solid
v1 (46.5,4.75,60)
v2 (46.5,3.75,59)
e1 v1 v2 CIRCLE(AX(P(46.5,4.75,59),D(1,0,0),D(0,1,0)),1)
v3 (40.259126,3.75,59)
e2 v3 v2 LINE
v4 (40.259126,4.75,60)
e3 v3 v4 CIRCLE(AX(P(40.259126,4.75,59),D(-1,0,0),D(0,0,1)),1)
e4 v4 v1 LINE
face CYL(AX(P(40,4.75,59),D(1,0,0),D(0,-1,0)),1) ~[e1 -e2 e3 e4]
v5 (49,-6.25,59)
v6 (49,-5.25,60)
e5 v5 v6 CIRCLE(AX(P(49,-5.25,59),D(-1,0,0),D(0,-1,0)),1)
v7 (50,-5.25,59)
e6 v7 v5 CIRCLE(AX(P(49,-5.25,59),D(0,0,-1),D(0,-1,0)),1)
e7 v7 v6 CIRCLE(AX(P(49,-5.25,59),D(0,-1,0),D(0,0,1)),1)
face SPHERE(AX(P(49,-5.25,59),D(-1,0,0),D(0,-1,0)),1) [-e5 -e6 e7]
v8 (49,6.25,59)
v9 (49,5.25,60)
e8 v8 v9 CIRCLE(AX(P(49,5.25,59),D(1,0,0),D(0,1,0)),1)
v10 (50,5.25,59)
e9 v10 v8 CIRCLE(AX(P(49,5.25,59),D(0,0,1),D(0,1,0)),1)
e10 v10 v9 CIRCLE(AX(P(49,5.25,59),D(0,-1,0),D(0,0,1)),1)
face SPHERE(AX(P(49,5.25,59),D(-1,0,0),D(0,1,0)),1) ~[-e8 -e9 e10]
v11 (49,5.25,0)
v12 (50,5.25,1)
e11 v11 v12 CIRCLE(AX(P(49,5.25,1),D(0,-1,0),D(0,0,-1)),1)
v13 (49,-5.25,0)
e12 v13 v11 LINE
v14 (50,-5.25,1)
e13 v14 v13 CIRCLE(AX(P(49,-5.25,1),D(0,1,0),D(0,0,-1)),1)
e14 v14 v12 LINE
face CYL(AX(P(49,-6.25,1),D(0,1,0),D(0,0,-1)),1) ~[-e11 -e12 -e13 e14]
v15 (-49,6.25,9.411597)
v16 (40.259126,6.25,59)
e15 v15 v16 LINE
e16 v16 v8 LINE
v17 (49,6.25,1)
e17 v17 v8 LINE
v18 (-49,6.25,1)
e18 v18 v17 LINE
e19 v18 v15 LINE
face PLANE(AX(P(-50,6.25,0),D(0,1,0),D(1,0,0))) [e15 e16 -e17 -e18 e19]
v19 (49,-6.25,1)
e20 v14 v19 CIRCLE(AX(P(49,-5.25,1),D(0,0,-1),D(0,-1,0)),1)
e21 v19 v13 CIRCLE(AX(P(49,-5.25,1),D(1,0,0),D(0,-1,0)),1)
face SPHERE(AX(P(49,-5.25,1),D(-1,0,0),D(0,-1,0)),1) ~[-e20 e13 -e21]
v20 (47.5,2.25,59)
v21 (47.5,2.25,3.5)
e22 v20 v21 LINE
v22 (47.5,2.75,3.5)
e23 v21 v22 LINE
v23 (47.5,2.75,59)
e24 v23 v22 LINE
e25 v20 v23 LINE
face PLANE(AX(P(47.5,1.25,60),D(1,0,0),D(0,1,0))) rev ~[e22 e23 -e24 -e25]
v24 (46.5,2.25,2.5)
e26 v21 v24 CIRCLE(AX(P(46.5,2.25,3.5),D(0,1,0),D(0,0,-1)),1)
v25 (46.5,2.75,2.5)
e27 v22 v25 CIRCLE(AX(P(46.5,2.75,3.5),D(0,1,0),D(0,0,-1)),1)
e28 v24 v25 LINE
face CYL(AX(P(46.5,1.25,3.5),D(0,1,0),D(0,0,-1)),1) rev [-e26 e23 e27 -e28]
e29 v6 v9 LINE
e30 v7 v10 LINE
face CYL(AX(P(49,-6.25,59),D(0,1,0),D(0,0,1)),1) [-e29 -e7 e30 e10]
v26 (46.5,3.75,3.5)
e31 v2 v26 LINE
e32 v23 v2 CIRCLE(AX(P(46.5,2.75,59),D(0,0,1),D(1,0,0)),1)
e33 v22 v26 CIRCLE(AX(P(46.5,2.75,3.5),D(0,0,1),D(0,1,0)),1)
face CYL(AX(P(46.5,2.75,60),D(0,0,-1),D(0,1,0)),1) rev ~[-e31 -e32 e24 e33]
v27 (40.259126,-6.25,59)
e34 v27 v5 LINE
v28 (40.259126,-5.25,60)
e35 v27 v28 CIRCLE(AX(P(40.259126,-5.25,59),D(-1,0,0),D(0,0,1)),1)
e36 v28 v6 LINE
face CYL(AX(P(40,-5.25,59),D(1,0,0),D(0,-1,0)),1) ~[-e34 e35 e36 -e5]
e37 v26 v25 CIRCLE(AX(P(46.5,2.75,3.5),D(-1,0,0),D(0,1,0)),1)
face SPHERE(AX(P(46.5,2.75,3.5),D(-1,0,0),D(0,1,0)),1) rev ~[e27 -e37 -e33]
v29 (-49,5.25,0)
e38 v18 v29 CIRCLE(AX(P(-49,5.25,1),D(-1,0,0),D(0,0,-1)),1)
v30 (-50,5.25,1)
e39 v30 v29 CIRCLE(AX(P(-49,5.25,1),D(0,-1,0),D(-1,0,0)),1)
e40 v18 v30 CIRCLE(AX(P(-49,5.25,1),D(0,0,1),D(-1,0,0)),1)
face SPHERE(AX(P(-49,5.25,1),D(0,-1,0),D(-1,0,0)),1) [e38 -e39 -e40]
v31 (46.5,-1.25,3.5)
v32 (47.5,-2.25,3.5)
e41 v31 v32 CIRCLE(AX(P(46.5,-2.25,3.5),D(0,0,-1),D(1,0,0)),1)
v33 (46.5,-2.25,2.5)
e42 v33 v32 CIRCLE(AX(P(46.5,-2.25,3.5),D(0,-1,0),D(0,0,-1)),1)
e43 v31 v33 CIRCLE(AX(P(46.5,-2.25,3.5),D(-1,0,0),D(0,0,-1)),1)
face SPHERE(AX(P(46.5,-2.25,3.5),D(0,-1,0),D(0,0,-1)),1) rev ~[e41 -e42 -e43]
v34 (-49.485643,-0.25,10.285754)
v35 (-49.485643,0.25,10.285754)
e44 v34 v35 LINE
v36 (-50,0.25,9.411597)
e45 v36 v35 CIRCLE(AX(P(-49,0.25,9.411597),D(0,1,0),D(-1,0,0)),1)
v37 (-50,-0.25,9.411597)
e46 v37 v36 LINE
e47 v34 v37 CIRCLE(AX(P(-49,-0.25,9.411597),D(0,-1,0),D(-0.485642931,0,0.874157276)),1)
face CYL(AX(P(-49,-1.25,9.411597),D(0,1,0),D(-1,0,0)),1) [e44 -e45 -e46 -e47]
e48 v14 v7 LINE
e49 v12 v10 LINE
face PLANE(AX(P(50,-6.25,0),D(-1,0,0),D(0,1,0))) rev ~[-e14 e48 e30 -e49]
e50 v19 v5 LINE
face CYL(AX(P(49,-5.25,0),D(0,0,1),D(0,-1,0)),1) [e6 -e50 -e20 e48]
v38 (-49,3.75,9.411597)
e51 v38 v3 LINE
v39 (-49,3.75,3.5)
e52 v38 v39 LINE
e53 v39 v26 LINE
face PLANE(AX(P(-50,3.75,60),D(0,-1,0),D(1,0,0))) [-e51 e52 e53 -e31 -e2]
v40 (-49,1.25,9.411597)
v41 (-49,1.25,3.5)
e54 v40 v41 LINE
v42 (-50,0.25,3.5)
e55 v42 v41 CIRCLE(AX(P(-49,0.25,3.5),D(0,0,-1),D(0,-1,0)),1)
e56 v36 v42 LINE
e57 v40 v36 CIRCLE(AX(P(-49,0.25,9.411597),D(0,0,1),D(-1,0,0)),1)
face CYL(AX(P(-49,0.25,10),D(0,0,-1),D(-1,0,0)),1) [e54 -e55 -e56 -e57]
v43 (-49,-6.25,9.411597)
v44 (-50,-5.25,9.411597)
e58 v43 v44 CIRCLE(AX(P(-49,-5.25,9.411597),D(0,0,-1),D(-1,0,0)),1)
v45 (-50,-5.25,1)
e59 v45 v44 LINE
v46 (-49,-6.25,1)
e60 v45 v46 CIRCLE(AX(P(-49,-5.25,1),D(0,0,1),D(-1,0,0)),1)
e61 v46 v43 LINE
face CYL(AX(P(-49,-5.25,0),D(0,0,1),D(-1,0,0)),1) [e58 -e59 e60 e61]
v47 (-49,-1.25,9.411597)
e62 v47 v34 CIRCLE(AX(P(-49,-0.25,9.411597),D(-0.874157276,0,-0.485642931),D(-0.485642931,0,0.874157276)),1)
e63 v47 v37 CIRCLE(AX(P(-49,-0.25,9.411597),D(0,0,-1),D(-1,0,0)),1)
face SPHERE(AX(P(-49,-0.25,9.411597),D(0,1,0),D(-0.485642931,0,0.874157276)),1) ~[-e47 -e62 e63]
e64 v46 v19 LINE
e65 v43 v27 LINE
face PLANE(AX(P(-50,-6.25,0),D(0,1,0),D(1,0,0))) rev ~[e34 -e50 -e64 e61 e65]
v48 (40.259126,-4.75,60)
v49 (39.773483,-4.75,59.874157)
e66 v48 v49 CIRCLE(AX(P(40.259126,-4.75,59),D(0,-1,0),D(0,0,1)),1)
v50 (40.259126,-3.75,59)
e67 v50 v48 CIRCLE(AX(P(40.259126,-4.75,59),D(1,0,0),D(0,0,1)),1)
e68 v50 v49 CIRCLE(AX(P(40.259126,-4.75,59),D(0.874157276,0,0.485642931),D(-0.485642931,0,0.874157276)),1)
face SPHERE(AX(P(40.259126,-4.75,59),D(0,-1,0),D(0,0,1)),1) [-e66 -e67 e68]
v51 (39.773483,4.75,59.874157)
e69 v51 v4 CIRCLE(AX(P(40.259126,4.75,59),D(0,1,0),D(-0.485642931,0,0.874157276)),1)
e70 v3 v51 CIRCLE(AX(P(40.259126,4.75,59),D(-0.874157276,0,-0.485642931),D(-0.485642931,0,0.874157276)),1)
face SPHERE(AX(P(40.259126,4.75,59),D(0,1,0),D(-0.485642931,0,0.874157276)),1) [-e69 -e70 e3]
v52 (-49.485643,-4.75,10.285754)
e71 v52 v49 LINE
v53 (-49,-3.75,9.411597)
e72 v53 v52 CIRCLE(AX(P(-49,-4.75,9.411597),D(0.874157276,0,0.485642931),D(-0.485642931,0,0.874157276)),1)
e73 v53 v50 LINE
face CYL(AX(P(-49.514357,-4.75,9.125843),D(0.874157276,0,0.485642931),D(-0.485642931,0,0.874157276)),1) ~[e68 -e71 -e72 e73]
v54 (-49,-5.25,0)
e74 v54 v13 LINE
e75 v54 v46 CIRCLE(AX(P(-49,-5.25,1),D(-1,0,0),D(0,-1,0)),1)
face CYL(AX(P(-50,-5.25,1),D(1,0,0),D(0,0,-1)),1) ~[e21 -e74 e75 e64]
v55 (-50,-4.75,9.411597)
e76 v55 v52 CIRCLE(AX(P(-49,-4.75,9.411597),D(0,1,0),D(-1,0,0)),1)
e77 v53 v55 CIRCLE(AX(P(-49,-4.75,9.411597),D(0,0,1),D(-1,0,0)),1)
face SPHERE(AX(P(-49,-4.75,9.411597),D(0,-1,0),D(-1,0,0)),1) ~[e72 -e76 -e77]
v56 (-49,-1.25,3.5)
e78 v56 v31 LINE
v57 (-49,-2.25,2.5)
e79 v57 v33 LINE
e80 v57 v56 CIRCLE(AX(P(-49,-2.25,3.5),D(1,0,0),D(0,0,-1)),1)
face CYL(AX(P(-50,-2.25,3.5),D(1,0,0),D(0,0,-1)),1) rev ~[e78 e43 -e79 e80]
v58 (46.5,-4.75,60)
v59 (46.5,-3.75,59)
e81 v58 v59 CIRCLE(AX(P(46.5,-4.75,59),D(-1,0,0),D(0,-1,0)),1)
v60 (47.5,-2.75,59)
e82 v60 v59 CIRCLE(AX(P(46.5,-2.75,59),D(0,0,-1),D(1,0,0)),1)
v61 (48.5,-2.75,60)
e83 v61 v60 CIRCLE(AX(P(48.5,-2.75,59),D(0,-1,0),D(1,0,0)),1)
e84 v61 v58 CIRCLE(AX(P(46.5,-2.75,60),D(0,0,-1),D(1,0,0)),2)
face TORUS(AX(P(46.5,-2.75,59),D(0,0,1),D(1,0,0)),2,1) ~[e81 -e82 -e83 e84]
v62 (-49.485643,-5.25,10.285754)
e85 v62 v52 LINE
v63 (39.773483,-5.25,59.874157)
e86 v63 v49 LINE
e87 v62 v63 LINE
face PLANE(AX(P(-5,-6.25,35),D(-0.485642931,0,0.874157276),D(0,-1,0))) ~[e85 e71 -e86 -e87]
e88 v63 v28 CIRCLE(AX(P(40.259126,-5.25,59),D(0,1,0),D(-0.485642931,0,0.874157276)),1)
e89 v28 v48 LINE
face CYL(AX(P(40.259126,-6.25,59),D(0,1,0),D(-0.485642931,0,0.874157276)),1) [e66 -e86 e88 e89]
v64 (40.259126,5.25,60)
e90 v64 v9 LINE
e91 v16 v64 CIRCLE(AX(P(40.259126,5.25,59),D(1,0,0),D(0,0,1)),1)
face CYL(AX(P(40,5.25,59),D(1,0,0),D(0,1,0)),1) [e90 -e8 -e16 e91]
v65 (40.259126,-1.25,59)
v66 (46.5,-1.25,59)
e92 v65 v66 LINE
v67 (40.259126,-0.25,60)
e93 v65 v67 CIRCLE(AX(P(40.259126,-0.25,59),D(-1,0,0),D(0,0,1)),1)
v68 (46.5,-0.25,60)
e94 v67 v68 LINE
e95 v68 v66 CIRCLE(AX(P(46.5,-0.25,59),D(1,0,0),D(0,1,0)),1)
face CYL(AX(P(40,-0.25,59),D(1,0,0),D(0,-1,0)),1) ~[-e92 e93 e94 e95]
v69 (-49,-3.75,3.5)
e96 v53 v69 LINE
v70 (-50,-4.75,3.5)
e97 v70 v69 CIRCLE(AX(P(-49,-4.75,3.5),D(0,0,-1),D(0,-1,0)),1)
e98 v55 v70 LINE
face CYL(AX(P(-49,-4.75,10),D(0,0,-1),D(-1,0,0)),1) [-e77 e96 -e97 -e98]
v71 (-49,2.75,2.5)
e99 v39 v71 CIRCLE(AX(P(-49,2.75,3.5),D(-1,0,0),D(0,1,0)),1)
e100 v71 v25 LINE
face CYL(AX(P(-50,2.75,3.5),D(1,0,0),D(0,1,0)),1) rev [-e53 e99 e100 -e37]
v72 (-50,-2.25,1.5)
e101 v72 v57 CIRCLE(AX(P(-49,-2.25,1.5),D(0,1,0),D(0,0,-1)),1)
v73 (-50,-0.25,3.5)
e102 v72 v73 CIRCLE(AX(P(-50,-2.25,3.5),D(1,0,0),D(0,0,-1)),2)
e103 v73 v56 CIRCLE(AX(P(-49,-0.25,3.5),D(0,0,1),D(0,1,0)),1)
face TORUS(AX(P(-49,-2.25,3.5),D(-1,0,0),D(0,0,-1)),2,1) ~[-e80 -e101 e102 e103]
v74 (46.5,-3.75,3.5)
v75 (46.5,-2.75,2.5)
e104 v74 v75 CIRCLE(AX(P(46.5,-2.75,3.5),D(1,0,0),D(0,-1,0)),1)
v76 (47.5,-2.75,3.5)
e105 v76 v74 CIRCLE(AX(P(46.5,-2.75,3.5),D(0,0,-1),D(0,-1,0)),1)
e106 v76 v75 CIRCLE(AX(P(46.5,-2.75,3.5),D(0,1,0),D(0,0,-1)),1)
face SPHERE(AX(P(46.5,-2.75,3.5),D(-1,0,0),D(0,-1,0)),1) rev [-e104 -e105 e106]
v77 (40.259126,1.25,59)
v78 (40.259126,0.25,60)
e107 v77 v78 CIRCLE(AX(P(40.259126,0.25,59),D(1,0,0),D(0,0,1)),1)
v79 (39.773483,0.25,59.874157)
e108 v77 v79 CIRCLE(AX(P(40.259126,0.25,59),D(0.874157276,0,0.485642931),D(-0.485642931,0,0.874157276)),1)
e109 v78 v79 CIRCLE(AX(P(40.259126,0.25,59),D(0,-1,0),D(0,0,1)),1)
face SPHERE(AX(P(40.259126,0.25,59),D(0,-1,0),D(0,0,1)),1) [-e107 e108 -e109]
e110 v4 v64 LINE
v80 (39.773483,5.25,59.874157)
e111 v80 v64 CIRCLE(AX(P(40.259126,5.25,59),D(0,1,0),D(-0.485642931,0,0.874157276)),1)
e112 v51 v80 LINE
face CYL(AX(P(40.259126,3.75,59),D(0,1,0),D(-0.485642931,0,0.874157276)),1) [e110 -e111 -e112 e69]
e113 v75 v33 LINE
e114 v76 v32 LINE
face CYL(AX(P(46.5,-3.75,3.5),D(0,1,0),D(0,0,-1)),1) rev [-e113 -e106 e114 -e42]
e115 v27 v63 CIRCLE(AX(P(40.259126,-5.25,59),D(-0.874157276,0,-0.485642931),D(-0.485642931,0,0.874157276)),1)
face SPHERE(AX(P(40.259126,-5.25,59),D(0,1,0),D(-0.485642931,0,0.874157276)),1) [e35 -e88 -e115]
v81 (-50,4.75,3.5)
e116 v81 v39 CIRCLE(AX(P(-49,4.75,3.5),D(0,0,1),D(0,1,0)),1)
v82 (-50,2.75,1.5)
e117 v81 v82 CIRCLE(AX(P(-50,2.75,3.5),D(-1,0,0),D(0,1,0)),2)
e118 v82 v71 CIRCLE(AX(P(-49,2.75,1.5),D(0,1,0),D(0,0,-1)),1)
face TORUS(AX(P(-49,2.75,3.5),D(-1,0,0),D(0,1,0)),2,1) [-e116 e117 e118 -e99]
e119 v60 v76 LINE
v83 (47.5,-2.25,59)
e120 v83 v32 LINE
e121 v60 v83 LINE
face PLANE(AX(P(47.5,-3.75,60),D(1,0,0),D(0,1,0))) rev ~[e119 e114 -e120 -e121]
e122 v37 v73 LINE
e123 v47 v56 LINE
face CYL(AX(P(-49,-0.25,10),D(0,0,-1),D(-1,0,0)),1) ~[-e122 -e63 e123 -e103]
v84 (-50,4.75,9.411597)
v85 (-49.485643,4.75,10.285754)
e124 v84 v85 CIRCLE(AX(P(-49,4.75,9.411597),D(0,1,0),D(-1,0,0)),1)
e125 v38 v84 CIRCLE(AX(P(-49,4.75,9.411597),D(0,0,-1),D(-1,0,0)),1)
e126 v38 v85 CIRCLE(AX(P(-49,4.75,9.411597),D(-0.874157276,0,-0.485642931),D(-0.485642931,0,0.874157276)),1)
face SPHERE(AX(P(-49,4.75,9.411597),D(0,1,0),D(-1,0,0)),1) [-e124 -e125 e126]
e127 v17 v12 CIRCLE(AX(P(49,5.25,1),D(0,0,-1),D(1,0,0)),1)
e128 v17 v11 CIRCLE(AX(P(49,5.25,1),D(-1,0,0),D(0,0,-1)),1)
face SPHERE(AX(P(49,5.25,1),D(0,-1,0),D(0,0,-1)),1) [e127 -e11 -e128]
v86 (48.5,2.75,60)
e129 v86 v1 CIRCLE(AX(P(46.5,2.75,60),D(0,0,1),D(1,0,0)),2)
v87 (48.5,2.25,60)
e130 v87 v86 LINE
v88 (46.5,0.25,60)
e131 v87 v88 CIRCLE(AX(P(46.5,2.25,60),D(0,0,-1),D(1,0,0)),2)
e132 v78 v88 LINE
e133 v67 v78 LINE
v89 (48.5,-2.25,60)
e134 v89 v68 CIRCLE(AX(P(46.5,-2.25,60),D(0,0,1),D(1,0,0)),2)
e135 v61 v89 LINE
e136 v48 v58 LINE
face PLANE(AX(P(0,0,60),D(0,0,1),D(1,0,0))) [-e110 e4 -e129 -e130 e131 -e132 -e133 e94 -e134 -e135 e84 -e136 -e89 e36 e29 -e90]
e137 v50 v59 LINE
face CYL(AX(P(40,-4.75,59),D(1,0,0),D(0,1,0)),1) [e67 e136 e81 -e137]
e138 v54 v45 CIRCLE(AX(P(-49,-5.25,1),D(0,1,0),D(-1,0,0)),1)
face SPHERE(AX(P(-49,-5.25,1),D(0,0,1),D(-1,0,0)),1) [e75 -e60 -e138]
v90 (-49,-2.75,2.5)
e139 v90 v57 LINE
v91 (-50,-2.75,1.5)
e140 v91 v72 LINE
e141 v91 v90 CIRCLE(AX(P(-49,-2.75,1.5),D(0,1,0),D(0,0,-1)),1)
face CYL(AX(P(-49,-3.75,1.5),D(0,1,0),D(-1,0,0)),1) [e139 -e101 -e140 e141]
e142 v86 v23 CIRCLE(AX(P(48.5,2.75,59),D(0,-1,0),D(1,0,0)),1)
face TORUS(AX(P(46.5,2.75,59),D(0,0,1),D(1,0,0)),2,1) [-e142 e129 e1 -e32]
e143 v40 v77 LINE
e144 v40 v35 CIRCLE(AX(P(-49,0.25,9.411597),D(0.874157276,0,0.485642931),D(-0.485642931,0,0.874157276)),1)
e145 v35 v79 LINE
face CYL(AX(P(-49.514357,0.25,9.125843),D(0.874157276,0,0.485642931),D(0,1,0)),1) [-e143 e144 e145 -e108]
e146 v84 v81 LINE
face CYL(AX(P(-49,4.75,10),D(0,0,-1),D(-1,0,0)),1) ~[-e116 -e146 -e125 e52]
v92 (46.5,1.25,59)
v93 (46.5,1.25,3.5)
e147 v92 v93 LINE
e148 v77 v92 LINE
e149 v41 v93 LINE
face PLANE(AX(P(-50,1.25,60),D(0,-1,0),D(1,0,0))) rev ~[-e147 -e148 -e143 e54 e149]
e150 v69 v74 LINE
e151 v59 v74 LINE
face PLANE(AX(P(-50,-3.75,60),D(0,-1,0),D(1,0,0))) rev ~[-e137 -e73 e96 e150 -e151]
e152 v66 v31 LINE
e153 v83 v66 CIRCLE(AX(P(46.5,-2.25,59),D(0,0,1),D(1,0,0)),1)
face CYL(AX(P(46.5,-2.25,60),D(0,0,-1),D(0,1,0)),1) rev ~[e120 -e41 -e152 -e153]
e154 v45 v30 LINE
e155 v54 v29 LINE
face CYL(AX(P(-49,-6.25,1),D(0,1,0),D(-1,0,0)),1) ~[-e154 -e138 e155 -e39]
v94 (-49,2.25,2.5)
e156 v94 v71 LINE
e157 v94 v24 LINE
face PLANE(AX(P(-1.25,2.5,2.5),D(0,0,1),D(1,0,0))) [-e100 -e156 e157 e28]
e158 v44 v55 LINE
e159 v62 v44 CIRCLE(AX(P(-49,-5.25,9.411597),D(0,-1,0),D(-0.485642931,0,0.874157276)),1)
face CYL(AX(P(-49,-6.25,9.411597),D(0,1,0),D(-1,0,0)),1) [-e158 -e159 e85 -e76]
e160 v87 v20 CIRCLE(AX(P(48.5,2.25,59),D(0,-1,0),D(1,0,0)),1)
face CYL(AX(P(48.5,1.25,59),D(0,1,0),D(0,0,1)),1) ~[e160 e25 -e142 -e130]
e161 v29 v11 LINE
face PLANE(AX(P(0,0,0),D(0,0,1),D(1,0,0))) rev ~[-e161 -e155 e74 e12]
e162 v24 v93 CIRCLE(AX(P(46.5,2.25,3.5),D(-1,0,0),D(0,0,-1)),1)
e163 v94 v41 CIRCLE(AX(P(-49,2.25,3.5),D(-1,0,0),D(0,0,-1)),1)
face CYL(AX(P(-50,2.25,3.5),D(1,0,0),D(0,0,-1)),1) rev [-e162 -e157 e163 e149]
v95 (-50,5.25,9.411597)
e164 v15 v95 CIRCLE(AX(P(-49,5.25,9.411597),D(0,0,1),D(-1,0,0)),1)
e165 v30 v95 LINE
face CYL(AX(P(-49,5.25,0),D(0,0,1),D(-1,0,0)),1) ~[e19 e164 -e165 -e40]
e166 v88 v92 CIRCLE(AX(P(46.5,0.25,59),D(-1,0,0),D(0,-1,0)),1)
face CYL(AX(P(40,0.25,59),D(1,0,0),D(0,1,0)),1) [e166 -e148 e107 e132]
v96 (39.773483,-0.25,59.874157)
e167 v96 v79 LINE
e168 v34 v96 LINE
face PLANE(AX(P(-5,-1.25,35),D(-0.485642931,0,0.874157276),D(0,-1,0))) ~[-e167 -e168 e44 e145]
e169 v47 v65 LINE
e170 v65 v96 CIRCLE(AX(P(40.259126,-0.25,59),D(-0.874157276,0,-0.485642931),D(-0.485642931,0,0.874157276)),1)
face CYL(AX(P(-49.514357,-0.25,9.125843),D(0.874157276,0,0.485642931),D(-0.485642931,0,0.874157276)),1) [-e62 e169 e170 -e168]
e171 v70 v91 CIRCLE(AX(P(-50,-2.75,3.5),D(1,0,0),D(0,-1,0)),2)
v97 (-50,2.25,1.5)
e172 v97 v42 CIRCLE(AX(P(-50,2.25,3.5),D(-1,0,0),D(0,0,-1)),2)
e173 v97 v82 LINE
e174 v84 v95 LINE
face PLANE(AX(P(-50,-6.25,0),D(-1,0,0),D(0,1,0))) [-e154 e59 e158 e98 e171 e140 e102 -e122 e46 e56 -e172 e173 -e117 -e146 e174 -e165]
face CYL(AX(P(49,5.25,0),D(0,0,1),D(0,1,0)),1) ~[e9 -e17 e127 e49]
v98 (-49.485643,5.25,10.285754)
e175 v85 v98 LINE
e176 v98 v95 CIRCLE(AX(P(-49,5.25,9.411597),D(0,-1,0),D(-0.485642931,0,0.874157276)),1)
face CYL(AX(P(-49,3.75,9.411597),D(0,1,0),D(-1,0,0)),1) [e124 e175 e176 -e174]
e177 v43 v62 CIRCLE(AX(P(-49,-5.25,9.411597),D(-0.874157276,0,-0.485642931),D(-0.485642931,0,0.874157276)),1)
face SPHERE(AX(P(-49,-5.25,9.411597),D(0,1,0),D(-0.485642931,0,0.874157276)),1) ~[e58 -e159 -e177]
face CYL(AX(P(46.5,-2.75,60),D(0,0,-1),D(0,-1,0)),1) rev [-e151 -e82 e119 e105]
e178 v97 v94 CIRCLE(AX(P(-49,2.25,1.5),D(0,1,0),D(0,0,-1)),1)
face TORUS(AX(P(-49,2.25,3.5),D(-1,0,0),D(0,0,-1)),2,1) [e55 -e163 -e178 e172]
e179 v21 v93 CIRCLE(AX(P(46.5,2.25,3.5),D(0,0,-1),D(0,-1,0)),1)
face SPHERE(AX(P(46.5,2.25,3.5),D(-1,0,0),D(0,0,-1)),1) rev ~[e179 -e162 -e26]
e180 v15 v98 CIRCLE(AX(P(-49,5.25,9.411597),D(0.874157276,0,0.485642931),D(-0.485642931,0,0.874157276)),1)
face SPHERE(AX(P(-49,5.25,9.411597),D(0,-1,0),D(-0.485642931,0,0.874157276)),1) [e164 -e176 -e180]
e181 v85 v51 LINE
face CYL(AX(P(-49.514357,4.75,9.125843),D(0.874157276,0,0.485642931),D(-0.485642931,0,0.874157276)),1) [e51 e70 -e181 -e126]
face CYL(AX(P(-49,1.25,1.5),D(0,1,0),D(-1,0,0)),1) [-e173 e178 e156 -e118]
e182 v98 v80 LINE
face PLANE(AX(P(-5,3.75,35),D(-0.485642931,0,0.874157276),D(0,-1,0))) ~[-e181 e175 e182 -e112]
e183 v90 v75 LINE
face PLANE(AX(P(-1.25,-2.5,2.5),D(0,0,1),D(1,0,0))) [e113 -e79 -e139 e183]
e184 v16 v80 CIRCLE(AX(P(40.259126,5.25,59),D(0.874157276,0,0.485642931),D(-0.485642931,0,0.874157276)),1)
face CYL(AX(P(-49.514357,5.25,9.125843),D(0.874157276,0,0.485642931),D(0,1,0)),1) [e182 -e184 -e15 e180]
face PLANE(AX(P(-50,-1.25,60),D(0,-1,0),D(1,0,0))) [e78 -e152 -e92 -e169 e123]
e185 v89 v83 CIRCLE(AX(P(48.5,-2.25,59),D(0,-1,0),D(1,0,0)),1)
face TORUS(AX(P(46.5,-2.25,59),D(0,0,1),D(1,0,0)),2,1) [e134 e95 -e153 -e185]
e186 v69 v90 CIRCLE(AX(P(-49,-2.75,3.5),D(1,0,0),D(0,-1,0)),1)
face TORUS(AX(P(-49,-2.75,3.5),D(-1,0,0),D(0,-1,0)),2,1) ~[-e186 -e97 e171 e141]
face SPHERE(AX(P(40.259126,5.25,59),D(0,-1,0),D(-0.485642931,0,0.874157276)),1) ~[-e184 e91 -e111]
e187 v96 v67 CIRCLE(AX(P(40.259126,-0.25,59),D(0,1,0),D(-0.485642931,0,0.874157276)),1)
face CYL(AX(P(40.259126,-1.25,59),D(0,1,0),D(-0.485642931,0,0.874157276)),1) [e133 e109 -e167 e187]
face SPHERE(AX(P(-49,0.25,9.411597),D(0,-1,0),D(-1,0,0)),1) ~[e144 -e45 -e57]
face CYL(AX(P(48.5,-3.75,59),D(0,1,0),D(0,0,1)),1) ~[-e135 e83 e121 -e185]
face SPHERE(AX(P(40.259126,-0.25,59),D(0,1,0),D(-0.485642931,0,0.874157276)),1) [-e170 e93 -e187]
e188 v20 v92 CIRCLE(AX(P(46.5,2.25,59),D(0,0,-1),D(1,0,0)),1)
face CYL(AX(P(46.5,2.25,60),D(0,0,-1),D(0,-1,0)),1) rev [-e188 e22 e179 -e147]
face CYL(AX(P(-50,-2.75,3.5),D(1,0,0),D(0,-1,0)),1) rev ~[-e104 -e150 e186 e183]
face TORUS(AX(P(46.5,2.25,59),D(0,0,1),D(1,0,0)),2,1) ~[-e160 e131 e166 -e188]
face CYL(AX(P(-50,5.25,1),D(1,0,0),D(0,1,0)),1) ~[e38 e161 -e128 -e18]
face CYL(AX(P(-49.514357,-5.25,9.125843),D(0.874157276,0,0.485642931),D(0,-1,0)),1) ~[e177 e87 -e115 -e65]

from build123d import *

# Parameters (mm, degrees)
SKETCH_W      = 100
SKETCH_H      = 12.5
PAD_DEPTH     = 60
SKETCH001_W   = 97.5
SKETCH001_H   = 2.5
POCKET_DEPTH  = 57.5
CHAMFER_SIZE2 = 90
CHAMFER_SIZE  = 50
FILLET_R      = 1


with BuildPart() as part:
    # Sketch (on XY_Plane of Origin) → Pad (new body)
    with BuildSketch(Plane.XY):
        Rectangle(SKETCH_W, SKETCH_H)
    extrude(amount=PAD_DEPTH)

    # Sketch001 (on Face6 of Pad) → Pocket (cut)
    with BuildSketch(Plane.XY.offset(60)):
        with Locations((-1.25, 2.5)):
            Rectangle(SKETCH001_W, SKETCH001_H)
        with Locations((-1.25, -2.5)):
            Rectangle(SKETCH001_W, SKETCH001_H)
    extrude(amount=-POCKET_DEPTH, mode=Mode.SUBTRACT)

    # Chamfer
    chamfer_edges = [part.edges().sort_by_distance(p)[0] for p in [
        (-50, 5, 60),
        (-50, 0, 60),
        (-50, -5, 60),
    ]]
    chamfer_side = part.faces().sort_by_distance((-50, 0, 29.222973))[0]
    chamfer(chamfer_edges, length=CHAMFER_SIZE, length2=CHAMFER_SIZE2, reference=chamfer_side)

    # Fillet
    fillet_edges = [part.edges().sort_by_distance(p)[0] for p in [
        (-50, -6.25, 5),
        (-50, -5, 10),
        (-50, 0, 0),
        (-50, -3.75, 6.25),
        (-50, 6.25, 5),
        (-50, -2.5, 2.5),
        (-50, 5, 10),
        (-50, -1.25, 6.25),
        (-50, 3.75, 6.25),
        (-50, 0, 10),
        (-50, 2.5, 2.5),
        (-50, 1.25, 6.25),
        (-5, -6.25, 35),
        (0, -6.25, 0),
        (45, -6.25, 60),
        (50, -6.25, 30),
        (-5, -3.75, 35),
        (40, -5, 60),
        (50, 0, 0),
        (0, 6.25, 0),
        (-1.25, -3.75, 2.5),
        (43.75, -3.75, 60),
        (47.5, -3.75, 31.25),
        (-5, 6.25, 35),
        (45, 6.25, 60),
        (50, 6.25, 30),
        (47.5, -2.5, 2.5),
        (-1.25, -1.25, 2.5),
        (40, 5, 60),
        (-5, 3.75, 35),
        (-5, -1.25, 35),
        (43.75, -1.25, 60),
        (47.5, -1.25, 31.25),
        (-1.25, 3.75, 2.5),
        (43.75, 3.75, 60),
        (47.5, 3.75, 31.25),
        (-5, 1.25, 35),
        (40, 0, 60),
        (-1.25, 1.25, 2.5),
        (47.5, 2.5, 2.5),
        (43.75, 1.25, 60),
        (47.5, 1.25, 31.25),
        (50, 0, 60),
        (47.5, 2.5, 60),
        (47.5, -2.5, 60),
    ]]
    fillet(fillet_edges, radius=FILLET_R)


solid = part.part
